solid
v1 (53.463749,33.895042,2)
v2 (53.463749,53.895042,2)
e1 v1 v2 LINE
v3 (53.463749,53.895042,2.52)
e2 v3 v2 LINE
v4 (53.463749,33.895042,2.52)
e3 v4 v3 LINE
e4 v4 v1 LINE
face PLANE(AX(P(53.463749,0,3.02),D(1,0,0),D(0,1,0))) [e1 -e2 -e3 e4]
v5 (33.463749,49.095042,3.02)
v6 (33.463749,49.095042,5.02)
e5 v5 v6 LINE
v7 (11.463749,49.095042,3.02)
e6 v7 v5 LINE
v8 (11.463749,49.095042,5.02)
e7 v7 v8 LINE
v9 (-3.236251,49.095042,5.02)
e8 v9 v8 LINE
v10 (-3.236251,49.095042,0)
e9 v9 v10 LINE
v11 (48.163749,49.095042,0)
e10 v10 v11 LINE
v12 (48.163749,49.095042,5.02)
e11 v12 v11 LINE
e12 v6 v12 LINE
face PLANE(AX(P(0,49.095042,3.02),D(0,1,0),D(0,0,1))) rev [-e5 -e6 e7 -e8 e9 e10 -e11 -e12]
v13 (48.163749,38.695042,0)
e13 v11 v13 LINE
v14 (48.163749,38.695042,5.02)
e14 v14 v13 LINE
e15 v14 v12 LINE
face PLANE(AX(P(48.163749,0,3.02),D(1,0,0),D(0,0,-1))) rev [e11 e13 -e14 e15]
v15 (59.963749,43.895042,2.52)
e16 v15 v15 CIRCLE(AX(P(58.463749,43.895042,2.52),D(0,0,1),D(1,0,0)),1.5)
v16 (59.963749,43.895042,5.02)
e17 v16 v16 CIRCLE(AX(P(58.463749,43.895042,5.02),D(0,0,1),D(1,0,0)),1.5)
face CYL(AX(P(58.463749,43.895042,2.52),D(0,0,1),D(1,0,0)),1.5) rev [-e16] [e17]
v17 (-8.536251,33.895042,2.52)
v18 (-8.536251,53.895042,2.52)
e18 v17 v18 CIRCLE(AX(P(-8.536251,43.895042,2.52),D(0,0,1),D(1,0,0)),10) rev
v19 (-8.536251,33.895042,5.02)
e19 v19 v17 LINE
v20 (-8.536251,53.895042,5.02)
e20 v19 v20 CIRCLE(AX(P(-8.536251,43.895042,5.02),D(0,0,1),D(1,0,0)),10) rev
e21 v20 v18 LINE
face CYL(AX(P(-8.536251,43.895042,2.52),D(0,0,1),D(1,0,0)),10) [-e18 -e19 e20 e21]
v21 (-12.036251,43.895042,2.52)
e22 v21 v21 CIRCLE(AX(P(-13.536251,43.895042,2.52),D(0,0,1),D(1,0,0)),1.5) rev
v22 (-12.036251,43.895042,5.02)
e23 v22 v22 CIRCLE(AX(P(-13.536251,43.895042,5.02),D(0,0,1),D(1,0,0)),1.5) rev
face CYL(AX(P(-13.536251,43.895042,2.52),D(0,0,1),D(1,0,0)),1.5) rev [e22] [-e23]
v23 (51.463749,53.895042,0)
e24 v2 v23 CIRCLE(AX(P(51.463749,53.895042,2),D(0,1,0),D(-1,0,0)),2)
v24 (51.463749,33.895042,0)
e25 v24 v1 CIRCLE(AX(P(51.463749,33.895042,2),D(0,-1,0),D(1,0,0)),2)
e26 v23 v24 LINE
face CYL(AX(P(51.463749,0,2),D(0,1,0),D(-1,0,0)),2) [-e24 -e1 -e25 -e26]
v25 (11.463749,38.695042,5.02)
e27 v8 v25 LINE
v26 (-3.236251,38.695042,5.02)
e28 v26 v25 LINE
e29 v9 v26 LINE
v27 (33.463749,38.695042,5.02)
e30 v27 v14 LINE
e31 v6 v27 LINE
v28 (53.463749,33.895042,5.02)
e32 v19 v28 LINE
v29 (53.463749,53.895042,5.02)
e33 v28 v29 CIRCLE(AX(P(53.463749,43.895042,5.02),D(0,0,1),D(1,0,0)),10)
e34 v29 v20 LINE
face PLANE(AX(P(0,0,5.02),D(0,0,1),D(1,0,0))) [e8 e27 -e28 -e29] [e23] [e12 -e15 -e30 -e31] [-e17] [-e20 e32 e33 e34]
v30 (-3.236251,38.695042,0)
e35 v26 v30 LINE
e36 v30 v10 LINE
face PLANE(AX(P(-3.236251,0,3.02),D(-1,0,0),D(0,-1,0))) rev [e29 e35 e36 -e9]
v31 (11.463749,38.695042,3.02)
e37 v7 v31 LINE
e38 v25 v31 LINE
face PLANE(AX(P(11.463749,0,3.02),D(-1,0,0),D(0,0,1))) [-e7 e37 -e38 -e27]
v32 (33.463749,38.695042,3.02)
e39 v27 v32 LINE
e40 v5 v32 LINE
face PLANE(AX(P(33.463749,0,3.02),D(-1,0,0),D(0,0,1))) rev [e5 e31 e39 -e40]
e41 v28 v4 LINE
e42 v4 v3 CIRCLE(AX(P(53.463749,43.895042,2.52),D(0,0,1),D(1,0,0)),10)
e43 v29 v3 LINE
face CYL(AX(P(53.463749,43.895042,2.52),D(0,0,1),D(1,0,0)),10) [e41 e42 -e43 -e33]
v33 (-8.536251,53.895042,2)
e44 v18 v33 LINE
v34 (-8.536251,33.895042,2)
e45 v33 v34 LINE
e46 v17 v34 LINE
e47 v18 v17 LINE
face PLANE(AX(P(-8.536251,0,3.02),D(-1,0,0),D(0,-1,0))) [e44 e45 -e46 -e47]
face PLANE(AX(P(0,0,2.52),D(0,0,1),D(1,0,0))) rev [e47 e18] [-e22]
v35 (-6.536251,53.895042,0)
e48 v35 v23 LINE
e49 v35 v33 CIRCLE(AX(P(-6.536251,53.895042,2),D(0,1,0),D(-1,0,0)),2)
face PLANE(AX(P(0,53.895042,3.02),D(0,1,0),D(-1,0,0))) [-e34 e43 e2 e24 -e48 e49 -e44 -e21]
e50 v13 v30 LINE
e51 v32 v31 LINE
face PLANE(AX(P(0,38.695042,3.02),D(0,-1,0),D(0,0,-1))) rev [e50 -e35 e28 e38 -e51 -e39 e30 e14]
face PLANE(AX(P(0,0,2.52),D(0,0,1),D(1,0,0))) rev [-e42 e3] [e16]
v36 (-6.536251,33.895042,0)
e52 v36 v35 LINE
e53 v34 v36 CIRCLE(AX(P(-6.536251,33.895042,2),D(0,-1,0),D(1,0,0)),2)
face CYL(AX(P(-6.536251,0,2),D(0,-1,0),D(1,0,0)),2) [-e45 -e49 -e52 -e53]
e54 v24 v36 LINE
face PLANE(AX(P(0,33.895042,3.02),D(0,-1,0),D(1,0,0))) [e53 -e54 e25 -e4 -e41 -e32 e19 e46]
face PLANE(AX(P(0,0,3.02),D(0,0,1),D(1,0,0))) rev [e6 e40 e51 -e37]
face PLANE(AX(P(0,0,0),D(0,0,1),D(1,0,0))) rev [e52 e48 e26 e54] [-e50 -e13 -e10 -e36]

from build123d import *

# Parameters (mm, degrees)
SKETCH1_W            = 62
SKETCH1_H            = 20
SKETCH1_W_2          = 51.4
SKETCH1_H_2          = 10.4
BOSS_EXTRUDE2_DEPTH  = 3.02
SKETCH3_W            = 62
SKETCH3_H            = 20
BOSS_EXTRUDE3_DEPTH  = 2
SKETCH5_W            = 8.5
SKETCH5_H            = 10.4
CUT_EXTRUDE1_DEPTH   = 10
SKETCH19_W           = 34.4
SKETCH19_H           = 2.300107623
SKETCH19_H_2         = 2.300107622
CUT_EXTRUDE7_DEPTH   = 4
SKETCH21_W           = 7
SKETCH21_H           = 7.100107623
SKETCH21_H_2         = 5.799784755
SKETCH21_H_3         = 7.100107622
SKETCH21_W_2         = 4
BOSS_EXTRUDE11_DEPTH = 2
SKETCH22_R           = 1.5
BOSS_EXTRUDE12_DEPTH = 2.5
FILLET1_R            = 2
FILLET2_R            = 2
SKETCH25_W           = 57.10557297
SKETCH25_H           = 5.799784755
SKETCH25_W_2         = 34.4
BOSS_EXTRUDE13_DEPTH = 3.8
SKETCH26_W           = 57.10557297
SKETCH26_H           = 5.799784755
CUT_EXTRUDE8_DEPTH   = 3.8
SKETCH27_W           = 34.4
SKETCH27_H           = 3.8
CUT_EXTRUDE9_DEPTH   = 20
SKETCH28_W           = 6.2
SKETCH28_H           = 5.799784755
CUT_EXTRUDE10_DEPTH  = 20


with BuildPart() as part:
    # Sketch1 → Boss-Extrude2 (new body)
    with BuildSketch(Plane.XY):
        with Locations((22.463748762, 43.895041876)):
            Rectangle(SKETCH1_W, SKETCH1_H)
        with Locations((22.463748762, 43.895041876)):
            Rectangle(SKETCH1_W_2, SKETCH1_H_2, mode=Mode.SUBTRACT)
    extrude(amount=BOSS_EXTRUDE2_DEPTH)

    # Sketch3 → Boss-Extrude3 (add)
    with BuildSketch(Plane.XY.offset(3.02)):
        with Locations((22.463748762, 43.895041876)):
            Rectangle(SKETCH3_W, SKETCH3_H)
    extrude(amount=BOSS_EXTRUDE3_DEPTH)

    # Sketch5 → Cut-Extrude1 (cut)
    with BuildSketch(Plane(origin=(0, 0, 3.02), x_dir=(-1, 0, 0), z_dir=(0, 0, -1))):
        with Locations((-1.013748762, 43.895041876)):
            Rectangle(SKETCH5_W, SKETCH5_H)
        with Locations((-43.913748762, 43.895041876)):
            Rectangle(SKETCH5_W, SKETCH5_H)
    extrude(amount=-CUT_EXTRUDE1_DEPTH, mode=Mode.SUBTRACT)

    # Sketch19 → Cut-Extrude7 (cut)
    with BuildSketch(Plane.XY.offset(5.02)):
        with Locations((22.463748762, 47.944988065)):
            Rectangle(SKETCH19_W, SKETCH19_H)
        with Locations((22.463748762, 39.845095687)):
            Rectangle(SKETCH19_W, SKETCH19_H_2)
    extrude(amount=-CUT_EXTRUDE7_DEPTH, mode=Mode.SUBTRACT)


with BuildPart() as cut_extrude7_piece_1:
    # of the separate pieces the step leaves, piece 1, a body of its own (cut_extrude7_pieces)
    add(part.part.solids().sort_by_distance((-8.536251238, 33.895041876, 0))[0])



with BuildPart() as cut_extrude7_piece_2:
    # of the separate pieces the step leaves, piece 2, a body of its own (cut_extrude7_pieces)
    add(part.part.solids().sort_by_distance((5.263748762, 46.794934253, 5.02))[0])


with BuildPart() as cut_extrude7_piece_1_1:
    add(cut_extrude7_piece_1.part)

    add(cut_extrude7_piece_2.part)  # Boss-Extrude11 merges Cut-Extrude7 piece 2
    # Sketch21 → Boss-Extrude11 (add)
    with BuildSketch(Plane.XY.offset(5.02)):
        with Locations((29.963748762, 50.344988065)):
            Rectangle(SKETCH21_W, SKETCH21_H)
        with Locations((29.963748762, 43.895041875)):
            Rectangle(SKETCH21_W, SKETCH21_H_2)
        with Locations((29.963748762, 37.445095687)):
            Rectangle(SKETCH21_W, SKETCH21_H_3)
        with Locations((14.963748762, 37.445095687)):
            Rectangle(SKETCH21_W, SKETCH21_H_3)
        with Locations((14.963748762, 43.895041875)):
            Rectangle(SKETCH21_W, SKETCH21_H_2)
        with Locations((14.963748762, 50.344988065)):
            Rectangle(SKETCH21_W, SKETCH21_H)
        with Locations((24.463748762, 50.344988065)):
            Rectangle(SKETCH21_W_2, SKETCH21_H)
        with Locations((24.463748762, 43.895041875)):
            Rectangle(SKETCH21_W_2, SKETCH21_H_2)
        with Locations((24.463748762, 37.445095687)):
            Rectangle(SKETCH21_W_2, SKETCH21_H_3)
        with Locations((20.463748762, 37.445095687)):
            Rectangle(SKETCH21_W_2, SKETCH21_H_3)
        with Locations((20.463748762, 43.895041875)):
            Rectangle(SKETCH21_W_2, SKETCH21_H_2)
        with Locations((20.463748762, 50.344988065)):
            Rectangle(SKETCH21_W_2, SKETCH21_H)
    extrude(amount=-BOSS_EXTRUDE11_DEPTH)

    # Sketch22 → Boss-Extrude12 (add)
    # profile 1 of 2: a face of its own
    with BuildSketch(Plane.XY.offset(5.02)):
        with BuildLine():
            ThreePointArc((53.463748762, 33.895041876), (63.463748762, 43.895041876), (53.463748762, 53.895041876))
            Line((53.463748762, 53.895041876), (53.463748762, 33.895041876))
        make_face()
        with Locations((58.463748762, 43.895041876)):
            Circle(SKETCH22_R, mode=Mode.SUBTRACT)
    # profile 2 of 2: a face of its own
    with BuildSketch(Plane.XY.offset(5.02)):
        with BuildLine():
            ThreePointArc((-8.536251238, 33.895041876), (-18.536251238, 43.895041876), (-8.536251238, 53.895041876))
            Line((-8.536251238, 53.895041876), (-8.536251238, 33.895041876))
        make_face()
        with Locations((-13.536251238, 43.895041876)):
            Circle(SKETCH22_R, mode=Mode.SUBTRACT)
    extrude(amount=-BOSS_EXTRUDE12_DEPTH)

    # Fillet1
    fillet1_edges = [cut_extrude7_piece_1_1.edges().sort_by_distance(p)[0] for p in [
        (53.463748762, 43.895041876, 0),
    ]]
    fillet(fillet1_edges, radius=FILLET1_R)

    # Fillet2
    fillet2_edges = [cut_extrude7_piece_1_1.edges().sort_by_distance(p)[0] for p in [
        (-8.536251238, 43.895041876, 0),
    ]]
    fillet(fillet2_edges, radius=FILLET2_R)

    # Sketch25 → Boss-Extrude13 (add)
    with BuildSketch(Plane.XY.offset(5.02)):
        with Locations((20.043435204, 67.888102351)):
            Rectangle(SKETCH25_W, SKETCH25_H)
        with Locations((22.463748762, 43.895041875)):
            Rectangle(SKETCH25_W_2, SKETCH25_H)
    extrude(amount=BOSS_EXTRUDE13_DEPTH)


with BuildPart() as boss_extrude13_piece_1:
    # of the separate pieces the step leaves, piece 1, a body of its own (boss_extrude13_pieces)
    add(cut_extrude7_piece_1_1.part.solids().sort_by_distance((-6.536251238, 33.895041876, 0))[0])

    # Sketch27 → Cut-Extrude9 (cut)
    with BuildSketch(Plane.XZ.offset(-40.995149498)):
        with Locations((22.463748762, 6.92)):
            Rectangle(SKETCH27_W, SKETCH27_H)
    extrude(amount=-CUT_EXTRUDE9_DEPTH, mode=Mode.SUBTRACT)

    # Sketch28 → Cut-Extrude10 (cut)
    with BuildSketch(Plane.XY.offset(5.02)):
        with Locations((36.563748762, 43.895041875)):
            Rectangle(SKETCH28_W, SKETCH28_H)
        with Locations((8.363748762, 43.895041875)):
            Rectangle(SKETCH28_W, SKETCH28_H)
    extrude(amount=-CUT_EXTRUDE10_DEPTH, mode=Mode.SUBTRACT)


with BuildPart() as boss_extrude13_piece_2:
    # of the separate pieces the step leaves, piece 2, a body of its own (boss_extrude13_pieces)
    add(cut_extrude7_piece_1_1.part.solids().sort_by_distance((-8.509351281, 70.787994728, 5.02))[0])

    # Sketch26 → Cut-Extrude8 (cut)
    with BuildSketch(Plane(origin=(0, 0, 5.02), x_dir=(-1, 0, 0), z_dir=(0, 0, -1))):
        with Locations((-20.043435204, 67.888102351)):
            Rectangle(SKETCH26_W, SKETCH26_H)
    extrude(amount=-CUT_EXTRUDE8_DEPTH, mode=Mode.SUBTRACT)


solid = boss_extrude13_piece_1.part
